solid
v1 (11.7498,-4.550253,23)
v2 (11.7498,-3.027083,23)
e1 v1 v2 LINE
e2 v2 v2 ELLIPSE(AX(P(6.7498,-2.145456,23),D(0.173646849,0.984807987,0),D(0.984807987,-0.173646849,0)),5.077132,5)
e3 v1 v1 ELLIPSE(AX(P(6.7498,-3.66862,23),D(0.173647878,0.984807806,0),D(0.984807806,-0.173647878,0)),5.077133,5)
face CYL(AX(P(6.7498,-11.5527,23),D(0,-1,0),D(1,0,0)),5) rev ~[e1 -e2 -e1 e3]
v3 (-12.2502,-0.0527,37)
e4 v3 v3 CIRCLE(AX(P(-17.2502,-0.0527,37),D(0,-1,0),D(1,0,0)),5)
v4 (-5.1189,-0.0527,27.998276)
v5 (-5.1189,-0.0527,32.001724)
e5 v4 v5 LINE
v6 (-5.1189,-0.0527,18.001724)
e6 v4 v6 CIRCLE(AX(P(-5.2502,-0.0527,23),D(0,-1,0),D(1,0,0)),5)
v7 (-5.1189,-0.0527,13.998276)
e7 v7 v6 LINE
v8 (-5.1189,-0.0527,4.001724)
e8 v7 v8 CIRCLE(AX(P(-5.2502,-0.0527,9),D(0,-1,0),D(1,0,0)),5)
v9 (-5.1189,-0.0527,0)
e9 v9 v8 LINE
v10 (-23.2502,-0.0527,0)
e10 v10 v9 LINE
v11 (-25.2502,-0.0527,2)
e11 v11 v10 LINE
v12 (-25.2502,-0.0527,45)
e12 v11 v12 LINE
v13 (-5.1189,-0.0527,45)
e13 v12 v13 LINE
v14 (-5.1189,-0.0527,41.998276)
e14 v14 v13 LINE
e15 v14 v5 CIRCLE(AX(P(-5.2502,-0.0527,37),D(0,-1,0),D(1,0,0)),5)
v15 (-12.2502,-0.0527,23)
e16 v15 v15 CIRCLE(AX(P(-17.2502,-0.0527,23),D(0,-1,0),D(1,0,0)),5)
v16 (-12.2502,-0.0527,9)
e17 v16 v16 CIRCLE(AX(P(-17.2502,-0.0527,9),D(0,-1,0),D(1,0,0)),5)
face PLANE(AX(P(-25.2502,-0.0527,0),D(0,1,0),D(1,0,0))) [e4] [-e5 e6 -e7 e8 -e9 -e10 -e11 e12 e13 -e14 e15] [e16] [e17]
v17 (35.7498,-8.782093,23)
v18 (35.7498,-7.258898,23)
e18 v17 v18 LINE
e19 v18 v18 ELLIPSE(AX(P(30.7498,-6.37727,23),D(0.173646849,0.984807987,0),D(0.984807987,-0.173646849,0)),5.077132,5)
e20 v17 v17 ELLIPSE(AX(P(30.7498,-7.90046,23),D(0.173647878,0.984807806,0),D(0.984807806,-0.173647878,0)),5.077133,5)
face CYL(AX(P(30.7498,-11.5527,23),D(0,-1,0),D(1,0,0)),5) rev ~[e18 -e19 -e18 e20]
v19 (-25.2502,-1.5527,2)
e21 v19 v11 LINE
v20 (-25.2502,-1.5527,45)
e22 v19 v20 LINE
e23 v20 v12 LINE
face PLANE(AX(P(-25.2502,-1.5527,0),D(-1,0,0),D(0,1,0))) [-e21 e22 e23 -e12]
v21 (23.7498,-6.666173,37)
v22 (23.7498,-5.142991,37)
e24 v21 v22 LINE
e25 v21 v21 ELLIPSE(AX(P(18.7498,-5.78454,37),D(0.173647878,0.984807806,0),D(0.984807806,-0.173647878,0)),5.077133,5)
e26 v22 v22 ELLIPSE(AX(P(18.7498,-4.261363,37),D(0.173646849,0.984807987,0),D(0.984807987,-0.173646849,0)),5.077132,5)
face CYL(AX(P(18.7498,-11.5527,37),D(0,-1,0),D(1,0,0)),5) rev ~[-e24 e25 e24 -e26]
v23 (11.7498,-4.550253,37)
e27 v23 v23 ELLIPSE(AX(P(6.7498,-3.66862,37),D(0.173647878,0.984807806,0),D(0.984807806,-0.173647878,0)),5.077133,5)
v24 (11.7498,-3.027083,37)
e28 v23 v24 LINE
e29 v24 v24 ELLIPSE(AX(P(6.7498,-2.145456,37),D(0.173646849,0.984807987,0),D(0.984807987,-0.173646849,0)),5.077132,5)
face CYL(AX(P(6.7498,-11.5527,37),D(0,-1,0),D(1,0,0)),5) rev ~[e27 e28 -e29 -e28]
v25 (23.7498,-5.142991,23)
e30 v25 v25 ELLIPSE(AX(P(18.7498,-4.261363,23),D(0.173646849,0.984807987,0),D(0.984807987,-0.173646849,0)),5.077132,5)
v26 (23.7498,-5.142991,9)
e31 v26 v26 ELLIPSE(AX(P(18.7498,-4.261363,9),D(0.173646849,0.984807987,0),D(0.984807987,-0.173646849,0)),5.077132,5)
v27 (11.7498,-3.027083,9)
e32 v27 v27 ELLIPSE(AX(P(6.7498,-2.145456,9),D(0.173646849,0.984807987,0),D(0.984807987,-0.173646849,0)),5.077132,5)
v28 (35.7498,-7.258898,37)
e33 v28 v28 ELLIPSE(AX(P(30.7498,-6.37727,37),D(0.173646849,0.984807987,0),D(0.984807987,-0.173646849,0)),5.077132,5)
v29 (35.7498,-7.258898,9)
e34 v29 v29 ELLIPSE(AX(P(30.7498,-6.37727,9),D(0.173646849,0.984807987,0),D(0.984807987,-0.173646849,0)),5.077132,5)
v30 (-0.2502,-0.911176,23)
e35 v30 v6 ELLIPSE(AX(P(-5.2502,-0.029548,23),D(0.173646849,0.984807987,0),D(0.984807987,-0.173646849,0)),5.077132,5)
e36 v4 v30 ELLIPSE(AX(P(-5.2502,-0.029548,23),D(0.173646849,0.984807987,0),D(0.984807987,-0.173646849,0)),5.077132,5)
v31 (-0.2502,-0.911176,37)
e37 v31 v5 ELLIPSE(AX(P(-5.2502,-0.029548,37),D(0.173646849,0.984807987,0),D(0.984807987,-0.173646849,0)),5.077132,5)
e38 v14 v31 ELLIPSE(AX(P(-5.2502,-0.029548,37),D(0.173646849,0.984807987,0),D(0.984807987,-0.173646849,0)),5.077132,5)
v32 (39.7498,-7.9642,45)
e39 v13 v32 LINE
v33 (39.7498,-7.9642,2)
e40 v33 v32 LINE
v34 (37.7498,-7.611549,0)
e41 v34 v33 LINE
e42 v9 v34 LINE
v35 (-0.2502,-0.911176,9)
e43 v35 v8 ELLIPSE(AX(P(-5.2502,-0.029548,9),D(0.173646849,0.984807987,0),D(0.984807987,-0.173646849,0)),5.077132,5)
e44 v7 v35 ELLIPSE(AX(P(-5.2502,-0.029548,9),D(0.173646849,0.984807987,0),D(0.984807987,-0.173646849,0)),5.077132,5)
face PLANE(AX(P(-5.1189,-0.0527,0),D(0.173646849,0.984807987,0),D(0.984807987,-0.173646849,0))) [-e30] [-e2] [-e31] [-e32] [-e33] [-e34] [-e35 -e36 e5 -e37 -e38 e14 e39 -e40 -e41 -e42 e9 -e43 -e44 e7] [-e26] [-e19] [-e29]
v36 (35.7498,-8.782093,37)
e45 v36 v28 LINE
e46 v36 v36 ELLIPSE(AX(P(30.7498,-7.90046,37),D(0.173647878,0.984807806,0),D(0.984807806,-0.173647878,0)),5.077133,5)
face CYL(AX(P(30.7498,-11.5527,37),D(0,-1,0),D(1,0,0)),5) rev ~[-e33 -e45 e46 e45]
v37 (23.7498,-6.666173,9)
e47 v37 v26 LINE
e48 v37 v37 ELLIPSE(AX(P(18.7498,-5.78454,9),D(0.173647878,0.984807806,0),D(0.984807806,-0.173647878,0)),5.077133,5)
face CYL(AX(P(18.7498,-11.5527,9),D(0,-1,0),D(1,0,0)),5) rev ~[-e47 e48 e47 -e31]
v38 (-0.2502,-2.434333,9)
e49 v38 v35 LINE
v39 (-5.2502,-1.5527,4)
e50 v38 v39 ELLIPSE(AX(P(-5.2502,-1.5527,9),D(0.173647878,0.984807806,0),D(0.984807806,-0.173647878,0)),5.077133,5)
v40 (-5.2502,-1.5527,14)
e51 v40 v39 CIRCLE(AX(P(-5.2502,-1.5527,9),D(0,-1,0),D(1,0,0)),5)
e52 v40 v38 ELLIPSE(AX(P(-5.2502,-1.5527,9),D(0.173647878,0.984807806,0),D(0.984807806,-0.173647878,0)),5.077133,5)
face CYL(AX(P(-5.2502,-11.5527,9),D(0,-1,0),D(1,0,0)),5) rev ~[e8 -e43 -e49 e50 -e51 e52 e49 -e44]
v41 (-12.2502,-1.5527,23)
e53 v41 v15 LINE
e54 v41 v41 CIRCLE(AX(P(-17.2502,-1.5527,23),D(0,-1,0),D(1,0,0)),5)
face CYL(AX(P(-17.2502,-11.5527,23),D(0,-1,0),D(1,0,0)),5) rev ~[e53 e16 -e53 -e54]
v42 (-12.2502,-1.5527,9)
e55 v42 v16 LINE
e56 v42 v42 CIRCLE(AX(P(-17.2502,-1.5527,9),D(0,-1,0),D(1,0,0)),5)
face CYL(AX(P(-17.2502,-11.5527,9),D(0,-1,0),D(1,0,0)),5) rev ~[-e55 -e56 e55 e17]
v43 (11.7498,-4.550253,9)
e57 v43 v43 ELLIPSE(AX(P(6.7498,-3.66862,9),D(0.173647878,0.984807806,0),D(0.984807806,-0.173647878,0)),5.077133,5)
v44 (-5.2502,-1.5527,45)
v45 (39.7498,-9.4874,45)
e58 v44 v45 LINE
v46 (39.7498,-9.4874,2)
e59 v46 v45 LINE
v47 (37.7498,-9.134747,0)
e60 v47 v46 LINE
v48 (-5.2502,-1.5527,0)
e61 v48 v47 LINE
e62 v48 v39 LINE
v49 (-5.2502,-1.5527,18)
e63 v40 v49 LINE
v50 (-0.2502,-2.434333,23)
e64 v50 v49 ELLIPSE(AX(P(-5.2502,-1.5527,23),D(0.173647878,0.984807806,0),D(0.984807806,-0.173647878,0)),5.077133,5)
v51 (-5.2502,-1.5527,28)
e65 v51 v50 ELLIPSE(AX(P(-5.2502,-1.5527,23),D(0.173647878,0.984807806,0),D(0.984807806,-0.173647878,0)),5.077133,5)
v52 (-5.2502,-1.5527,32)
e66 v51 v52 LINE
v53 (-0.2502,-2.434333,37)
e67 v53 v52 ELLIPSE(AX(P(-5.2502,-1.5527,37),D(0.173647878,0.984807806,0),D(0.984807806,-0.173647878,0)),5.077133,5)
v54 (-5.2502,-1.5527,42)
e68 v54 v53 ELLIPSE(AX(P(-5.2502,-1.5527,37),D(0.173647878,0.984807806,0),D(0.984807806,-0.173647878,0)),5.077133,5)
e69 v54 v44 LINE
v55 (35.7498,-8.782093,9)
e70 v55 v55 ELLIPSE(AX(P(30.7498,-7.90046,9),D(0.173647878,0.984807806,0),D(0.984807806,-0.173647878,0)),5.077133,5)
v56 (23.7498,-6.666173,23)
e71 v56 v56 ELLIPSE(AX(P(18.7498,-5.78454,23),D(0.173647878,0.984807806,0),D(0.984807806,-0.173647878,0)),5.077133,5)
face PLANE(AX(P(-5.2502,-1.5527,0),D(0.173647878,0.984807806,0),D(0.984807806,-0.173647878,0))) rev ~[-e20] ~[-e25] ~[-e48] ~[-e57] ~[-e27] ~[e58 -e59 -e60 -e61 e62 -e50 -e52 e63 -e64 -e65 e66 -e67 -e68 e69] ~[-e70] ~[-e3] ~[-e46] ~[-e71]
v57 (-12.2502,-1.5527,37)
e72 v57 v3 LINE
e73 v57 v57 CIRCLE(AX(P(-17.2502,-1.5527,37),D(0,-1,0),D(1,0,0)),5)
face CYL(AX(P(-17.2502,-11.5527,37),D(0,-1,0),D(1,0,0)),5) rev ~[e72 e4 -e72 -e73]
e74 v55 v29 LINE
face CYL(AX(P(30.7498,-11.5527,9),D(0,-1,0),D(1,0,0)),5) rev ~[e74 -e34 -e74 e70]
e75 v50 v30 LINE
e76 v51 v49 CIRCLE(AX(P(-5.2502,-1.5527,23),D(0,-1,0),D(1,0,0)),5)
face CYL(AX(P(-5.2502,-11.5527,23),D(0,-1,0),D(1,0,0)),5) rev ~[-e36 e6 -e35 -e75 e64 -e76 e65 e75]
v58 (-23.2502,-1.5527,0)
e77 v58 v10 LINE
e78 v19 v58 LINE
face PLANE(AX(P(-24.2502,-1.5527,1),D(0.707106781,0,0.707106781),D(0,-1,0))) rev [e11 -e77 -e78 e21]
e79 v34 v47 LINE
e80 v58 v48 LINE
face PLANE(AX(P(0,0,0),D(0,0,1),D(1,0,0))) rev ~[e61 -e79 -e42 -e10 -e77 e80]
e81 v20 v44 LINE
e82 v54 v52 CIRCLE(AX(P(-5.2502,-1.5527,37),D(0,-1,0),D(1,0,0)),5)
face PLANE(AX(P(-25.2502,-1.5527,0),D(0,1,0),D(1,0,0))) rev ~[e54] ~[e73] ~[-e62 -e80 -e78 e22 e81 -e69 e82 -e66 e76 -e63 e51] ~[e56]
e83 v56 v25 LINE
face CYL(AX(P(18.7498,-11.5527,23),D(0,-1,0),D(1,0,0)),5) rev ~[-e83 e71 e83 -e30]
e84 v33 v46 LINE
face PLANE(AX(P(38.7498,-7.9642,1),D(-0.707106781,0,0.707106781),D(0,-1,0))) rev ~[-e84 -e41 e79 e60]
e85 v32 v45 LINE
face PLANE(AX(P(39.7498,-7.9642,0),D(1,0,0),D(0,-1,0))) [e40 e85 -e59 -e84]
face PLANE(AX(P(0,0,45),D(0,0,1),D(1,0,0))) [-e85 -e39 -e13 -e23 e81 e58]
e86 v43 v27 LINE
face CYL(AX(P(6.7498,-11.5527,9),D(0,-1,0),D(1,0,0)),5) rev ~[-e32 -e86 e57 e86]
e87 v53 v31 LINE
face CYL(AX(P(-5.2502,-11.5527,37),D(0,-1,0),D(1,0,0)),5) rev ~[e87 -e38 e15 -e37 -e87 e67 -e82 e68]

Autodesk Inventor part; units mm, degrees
ref_plane "YZ Plane" through (0, 0, 0) normal (1, 0, 0) x (0, 1, 0)
ref_plane "XZ Plane" through (0, 0, 0) normal (0, 1, 0) x (-1, 0, 0)
sketch "Sketch1" plane through (0, 0, 0) normal (0, 0, 1) x (1, 0, 0)
  line L0 (-25.2502, -1.5527) -> (-5.2502, -1.5527)
  line L1 (-5.2502, -1.5527) -> (39.7498, -9.4874)
  line L2 (-25.2502, -1.5527) -> (-25.2502, -0.0527)
  line L3 (-25.2502, -0.0527) -> (-5.1189, -0.0527)
  line L4 (-5.1189, -0.0527) -> (39.7498, -7.9642)
  line L5 (39.7498, -7.9642) -> (39.7498, -9.4874)
  point P0 (0, 0)
  dimension "d1" = 170
  dimension "d2" = 1.5
  dimension "d3" = 1.5
  dimension "d4" = 65
  dimension "d7" = 20
extrude "Extrusion1" add sketch "Sketch1" along normal blind 45
ref_plane "Work Plane1" through (-25.2502, -11.5527, 0) normal (0, -1, 0) x (1, 0, 0)
sketch "Sketch2" plane through (-25.2502, -11.5527, 0) normal (0, -1, 0) x (1, 0, 0)
  line L0 (20, 0) -> (65, 0) projected
  line L1 (65, 0) -> (65, 45) projected
  line L2 (20, 45) -> (65, 45) projected
  line L3 (20, 0) -> (20, 45) projected
  line L4 (0, 0) -> (20, 0) projected
  line L5 (20, 0) -> (20, 45) projected
  line L6 (0, 45) -> (20, 45) projected
  line L7 (0, 0) -> (0, 45) projected
  circle A0 centre (8, 37) radius 5
  circle A1 centre (8, 23) radius 5
  circle A2 centre (8, 9) radius 5
  circle A3 centre (20, 37) radius 5
  circle A4 centre (20, 23) radius 5
  circle A5 centre (20, 9) radius 5
  circle A6 centre (32, 37) radius 5
  circle A7 centre (32, 23) radius 5
  circle A8 centre (32, 9) radius 5
  circle A9 centre (44, 37) radius 5
  circle A10 centre (44, 23) radius 5
  circle A11 centre (44, 9) radius 5
  circle A12 centre (56, 37) radius 5
  circle A13 centre (56, 23) radius 5
  circle A14 centre (56, 9) radius 5
  point P0 (25.2502, 0)
  dimension "d9" = 10
  dimension "d10" = 8
  dimension "d11" = 8
  dimension "d14" = 14
  dimension "d17" = 12
extrude "Extrusion2" cut sketch "Sketch2" against normal through all contours A5 L3 | L3 A5 | A4 L3 | L3 A4 | A3 L3 | L3 A3 | A0 | A1 | A2 | A6 | A7 | A8 | A9 | A10 | A11 | A12 | A13 | A14
chamfer "Chamfer1" distance 2 angle 45 2 edges at (-25.2502, -0.8027, 0) (39.7498, -8.7258, 0)
equation "\"d3\" = d2"
equation "\"d11\" = d10"
properties part number "CNCM_ALU_Second_sieve" material "Aluminum 6061"
